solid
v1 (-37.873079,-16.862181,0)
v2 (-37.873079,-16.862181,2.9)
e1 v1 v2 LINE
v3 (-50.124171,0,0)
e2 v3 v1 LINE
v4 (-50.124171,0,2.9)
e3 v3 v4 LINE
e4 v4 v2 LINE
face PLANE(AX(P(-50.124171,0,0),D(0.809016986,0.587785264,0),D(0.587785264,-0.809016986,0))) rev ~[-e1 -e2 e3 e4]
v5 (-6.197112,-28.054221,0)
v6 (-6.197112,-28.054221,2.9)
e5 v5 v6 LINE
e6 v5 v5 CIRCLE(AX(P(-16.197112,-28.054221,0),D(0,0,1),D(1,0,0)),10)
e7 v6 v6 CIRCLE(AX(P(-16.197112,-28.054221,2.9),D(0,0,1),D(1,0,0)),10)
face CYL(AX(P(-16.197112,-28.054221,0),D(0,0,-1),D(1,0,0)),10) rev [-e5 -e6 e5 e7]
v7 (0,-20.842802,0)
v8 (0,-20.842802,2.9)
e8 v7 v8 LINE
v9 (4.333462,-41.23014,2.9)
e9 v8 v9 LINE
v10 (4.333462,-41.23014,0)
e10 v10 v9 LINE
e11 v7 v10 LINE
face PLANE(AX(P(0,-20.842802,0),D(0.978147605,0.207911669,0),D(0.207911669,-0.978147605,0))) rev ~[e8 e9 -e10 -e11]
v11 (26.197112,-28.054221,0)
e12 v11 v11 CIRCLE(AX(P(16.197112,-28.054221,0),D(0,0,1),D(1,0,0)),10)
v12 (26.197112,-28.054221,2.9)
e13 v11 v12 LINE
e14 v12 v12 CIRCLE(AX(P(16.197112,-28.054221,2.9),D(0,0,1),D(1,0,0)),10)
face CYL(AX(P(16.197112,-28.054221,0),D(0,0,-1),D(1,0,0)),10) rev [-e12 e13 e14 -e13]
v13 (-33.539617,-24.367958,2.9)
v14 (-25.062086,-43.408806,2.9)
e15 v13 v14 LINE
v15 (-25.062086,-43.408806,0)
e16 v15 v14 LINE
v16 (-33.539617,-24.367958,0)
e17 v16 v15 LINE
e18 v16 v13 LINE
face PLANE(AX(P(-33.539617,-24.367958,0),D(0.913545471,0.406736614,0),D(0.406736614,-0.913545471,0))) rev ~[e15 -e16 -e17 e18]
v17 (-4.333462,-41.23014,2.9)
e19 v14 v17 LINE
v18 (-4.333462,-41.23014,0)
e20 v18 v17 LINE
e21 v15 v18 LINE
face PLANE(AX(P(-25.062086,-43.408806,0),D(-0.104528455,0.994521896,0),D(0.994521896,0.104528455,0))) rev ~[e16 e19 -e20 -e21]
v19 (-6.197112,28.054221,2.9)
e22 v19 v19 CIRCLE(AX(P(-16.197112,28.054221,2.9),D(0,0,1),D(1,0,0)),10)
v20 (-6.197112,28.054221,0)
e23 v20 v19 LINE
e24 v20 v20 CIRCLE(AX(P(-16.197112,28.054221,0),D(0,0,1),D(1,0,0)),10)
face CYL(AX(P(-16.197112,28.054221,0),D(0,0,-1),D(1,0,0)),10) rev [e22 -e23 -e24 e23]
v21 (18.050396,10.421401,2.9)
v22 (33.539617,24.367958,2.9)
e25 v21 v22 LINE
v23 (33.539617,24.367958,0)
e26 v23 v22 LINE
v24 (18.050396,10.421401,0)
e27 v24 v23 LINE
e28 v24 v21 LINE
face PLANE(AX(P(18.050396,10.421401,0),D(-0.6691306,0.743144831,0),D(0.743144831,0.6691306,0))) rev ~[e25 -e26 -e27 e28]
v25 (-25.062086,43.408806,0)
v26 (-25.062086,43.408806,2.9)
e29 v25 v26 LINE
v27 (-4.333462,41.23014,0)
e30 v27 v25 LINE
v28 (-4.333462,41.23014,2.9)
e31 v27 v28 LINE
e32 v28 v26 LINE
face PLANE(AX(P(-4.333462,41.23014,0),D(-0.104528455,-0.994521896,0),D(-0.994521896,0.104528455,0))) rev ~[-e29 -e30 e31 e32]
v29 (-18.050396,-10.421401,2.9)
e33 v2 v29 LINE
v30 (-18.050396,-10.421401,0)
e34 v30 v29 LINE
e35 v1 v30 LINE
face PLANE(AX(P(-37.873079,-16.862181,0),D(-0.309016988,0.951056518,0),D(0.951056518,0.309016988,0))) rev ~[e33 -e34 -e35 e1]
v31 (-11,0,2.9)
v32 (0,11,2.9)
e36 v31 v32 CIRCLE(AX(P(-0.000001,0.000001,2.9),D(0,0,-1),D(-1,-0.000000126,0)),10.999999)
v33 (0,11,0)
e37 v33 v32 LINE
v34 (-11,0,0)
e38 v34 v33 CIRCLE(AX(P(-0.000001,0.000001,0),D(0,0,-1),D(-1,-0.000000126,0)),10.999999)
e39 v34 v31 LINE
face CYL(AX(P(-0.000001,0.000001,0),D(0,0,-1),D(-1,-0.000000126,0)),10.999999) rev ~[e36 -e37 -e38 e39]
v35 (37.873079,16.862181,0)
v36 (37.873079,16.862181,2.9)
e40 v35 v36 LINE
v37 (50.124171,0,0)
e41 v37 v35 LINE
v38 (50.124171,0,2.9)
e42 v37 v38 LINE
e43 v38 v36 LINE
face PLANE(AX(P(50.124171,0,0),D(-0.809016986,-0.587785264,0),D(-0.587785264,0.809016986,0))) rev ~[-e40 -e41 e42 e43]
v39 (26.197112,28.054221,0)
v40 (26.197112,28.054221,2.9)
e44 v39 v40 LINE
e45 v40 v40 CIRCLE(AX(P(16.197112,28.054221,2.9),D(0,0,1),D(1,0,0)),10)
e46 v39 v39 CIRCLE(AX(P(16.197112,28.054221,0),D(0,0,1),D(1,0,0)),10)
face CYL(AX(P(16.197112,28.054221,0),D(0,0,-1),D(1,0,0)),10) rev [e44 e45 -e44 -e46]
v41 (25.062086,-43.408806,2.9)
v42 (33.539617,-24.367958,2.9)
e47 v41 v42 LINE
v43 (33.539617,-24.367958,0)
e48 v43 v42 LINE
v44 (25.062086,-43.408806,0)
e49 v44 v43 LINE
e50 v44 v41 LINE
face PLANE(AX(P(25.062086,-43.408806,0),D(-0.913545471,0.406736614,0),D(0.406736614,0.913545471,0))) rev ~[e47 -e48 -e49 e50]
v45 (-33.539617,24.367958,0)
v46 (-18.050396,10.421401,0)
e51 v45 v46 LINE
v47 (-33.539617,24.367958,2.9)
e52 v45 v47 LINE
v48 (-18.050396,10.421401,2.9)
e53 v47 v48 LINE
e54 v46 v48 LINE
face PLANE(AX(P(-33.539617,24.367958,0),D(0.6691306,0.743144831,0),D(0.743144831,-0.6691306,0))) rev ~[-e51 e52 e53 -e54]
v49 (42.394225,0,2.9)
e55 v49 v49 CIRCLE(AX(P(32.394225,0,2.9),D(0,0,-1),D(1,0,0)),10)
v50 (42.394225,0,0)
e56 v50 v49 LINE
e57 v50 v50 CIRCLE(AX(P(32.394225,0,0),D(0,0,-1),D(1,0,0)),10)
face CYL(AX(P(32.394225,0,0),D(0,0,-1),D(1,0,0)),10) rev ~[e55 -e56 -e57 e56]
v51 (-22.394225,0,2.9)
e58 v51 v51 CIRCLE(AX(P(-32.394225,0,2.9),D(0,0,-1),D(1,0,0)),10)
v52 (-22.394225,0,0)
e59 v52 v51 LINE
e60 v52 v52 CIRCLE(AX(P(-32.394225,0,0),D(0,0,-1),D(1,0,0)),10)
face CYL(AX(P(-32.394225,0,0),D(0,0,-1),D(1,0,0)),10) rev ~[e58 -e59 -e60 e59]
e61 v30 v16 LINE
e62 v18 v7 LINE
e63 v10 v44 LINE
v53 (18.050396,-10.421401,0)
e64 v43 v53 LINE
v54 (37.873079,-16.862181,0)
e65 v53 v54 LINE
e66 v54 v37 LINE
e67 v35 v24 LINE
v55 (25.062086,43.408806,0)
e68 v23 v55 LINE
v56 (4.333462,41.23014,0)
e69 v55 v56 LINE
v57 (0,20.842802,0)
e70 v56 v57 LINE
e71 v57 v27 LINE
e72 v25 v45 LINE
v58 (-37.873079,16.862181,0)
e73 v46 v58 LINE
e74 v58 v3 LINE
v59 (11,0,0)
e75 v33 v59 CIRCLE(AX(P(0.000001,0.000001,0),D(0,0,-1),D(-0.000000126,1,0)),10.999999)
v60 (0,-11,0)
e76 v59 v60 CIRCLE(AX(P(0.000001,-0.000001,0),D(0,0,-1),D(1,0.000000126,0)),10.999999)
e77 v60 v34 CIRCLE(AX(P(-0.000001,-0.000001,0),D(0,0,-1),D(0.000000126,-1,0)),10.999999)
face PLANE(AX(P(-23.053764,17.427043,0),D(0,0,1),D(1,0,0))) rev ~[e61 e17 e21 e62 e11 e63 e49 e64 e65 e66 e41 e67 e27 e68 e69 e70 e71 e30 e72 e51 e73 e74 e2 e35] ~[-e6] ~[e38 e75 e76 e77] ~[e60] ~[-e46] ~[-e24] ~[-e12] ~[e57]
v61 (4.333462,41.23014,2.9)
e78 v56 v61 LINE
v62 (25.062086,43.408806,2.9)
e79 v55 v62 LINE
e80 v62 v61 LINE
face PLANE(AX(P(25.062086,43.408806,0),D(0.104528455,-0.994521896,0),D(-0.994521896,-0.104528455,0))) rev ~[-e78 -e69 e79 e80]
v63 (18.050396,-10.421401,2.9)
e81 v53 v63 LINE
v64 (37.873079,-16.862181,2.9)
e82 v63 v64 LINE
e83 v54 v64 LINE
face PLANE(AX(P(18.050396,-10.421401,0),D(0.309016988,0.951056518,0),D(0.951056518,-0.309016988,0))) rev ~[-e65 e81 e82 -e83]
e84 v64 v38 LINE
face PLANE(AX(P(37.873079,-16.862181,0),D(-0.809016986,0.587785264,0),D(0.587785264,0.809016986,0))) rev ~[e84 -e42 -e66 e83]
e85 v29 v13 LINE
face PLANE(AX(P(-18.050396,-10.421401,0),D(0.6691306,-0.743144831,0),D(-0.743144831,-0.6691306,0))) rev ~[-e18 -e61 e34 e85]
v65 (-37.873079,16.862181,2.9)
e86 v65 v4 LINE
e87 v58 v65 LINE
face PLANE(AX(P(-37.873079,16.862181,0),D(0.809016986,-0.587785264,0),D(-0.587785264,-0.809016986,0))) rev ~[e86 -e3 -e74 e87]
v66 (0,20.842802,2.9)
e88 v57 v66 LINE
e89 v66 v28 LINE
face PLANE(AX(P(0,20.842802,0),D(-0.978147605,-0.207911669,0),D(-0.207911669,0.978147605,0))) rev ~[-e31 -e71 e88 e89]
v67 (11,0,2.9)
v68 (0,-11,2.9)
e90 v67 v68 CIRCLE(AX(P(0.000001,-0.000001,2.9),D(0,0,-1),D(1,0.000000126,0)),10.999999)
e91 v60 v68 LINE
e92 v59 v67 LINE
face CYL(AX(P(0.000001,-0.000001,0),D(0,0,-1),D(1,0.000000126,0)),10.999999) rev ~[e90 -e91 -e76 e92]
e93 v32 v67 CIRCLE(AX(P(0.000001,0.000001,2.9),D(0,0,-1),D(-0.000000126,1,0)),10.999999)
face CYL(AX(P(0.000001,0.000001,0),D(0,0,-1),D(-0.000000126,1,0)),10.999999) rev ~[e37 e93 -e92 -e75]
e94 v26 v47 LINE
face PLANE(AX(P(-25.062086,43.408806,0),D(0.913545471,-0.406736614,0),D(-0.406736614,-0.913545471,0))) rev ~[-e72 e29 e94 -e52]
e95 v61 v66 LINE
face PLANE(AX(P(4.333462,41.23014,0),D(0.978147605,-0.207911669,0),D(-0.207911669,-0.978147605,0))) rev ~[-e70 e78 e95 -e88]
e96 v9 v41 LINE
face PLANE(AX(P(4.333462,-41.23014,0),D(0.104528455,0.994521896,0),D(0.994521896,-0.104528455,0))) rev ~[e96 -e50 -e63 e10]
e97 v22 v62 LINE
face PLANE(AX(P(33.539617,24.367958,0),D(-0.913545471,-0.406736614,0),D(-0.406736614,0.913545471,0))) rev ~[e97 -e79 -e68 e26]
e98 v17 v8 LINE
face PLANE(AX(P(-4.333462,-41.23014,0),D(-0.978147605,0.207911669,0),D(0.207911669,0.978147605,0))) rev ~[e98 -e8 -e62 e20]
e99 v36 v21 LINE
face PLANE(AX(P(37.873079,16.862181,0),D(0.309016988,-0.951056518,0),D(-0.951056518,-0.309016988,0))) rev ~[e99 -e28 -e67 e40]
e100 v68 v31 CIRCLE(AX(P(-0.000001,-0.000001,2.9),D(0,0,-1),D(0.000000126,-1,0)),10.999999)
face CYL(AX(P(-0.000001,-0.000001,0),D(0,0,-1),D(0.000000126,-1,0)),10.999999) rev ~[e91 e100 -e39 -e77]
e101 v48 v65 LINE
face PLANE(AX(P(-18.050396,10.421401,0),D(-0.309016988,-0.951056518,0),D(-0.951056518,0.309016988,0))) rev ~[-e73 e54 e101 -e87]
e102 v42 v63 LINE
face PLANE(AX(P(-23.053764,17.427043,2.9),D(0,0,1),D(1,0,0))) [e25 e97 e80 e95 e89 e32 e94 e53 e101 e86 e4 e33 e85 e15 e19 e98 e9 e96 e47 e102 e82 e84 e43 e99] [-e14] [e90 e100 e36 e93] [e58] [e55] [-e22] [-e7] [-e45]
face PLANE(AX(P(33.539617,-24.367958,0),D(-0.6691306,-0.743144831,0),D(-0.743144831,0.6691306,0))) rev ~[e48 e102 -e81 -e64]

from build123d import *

# Parameters (mm, degrees)
F0_R     = 10
F1_DEPTH = 2.9


with BuildPart() as f1:
    # F0 (on Top) → F1 (new body)
    with BuildSketch(Plane.XY):
        with BuildLine():
            ThreePointArc((-11, 0), (-7.778175, 7.778175), (0, 11))
            Line((0, 11), (0, 20.842802))
            Line((0, 20.842802), (-4.333462, 41.23014))
            Line((-4.333462, 41.23014), (-25.062086, 43.408806))
            Line((-25.062086, 43.408806), (-33.539617, 24.367958))
            Line((-33.539617, 24.367958), (-18.050396, 10.421401))
            Line((-18.050396, 10.421401), (-37.873079, 16.862181))
            Line((-37.873079, 16.862181), (-50.124171, 0))
            Line((-50.124171, 0), (-42.394225, 0))
            ThreePointArc((-42.394225, 0), (-32.394225, 10), (-22.394225, 0))
            Line((-22.394225, 0), (-11, 0))
        make_face()
        with Locations((-16.197112, 28.054221)):
            Circle(F0_R, mode=Mode.SUBTRACT)
        with BuildLine():
            Line((0, 20.842802), (0, 11))
            ThreePointArc((0, 11), (7.778175, 7.778175), (11, 0))
            Line((11, 0), (22.394225, 0))
            ThreePointArc((22.394225, 0), (32.394225, 10), (42.394225, 0))
            Line((42.394225, 0), (50.124171, 0))
            Line((50.124171, 0), (37.873079, 16.862181))
            Line((37.873079, 16.862181), (18.050396, 10.421401))
            Line((18.050396, 10.421401), (33.539617, 24.367958))
            Line((33.539617, 24.367958), (25.062086, 43.408806))
            Line((25.062086, 43.408806), (4.333462, 41.23014))
            Line((4.333462, 41.23014), (0, 20.842802))
        make_face()
        with Locations((16.197112, 28.054221)):
            Circle(F0_R, mode=Mode.SUBTRACT)
        with BuildLine():
            ThreePointArc((11, 0), (7.778175, -7.778175), (0, -11))
            Line((0, -11), (0, -20.842802))
            Line((0, -20.842802), (4.333462, -41.23014))
            Line((4.333462, -41.23014), (25.062086, -43.408806))
            Line((25.062086, -43.408806), (33.539617, -24.367958))
            Line((33.539617, -24.367958), (18.050396, -10.421401))
            Line((18.050396, -10.421401), (37.873079, -16.862181))
            Line((37.873079, -16.862181), (50.124171, 0))
            Line((50.124171, 0), (42.394225, 0))
            ThreePointArc((42.394225, 0), (32.394225, -10), (22.394225, 0))
            Line((22.394225, 0), (11, 0))
        make_face()
        with Locations((16.197112, -28.054221)):
            Circle(F0_R, mode=Mode.SUBTRACT)
        with BuildLine():
            Line((0, -20.842802), (0, -11))
            ThreePointArc((0, -11), (-7.778175, -7.778175), (-11, 0))
            Line((-11, 0), (-22.394225, 0))
            ThreePointArc((-22.394225, 0), (-32.394225, -10), (-42.394225, 0))
            Line((-42.394225, 0), (-50.124171, 0))
            Line((-50.124171, 0), (-37.873079, -16.862181))
            Line((-37.873079, -16.862181), (-18.050396, -10.421401))
            Line((-18.050396, -10.421401), (-33.539617, -24.367958))
            Line((-33.539617, -24.367958), (-25.062086, -43.408806))
            Line((-25.062086, -43.408806), (-4.333462, -41.23014))
            Line((-4.333462, -41.23014), (0, -20.842802))
        make_face()
        with Locations((-16.197112, -28.054221)):
            Circle(F0_R, mode=Mode.SUBTRACT)
    extrude(amount=F1_DEPTH)


solid = f1.part
